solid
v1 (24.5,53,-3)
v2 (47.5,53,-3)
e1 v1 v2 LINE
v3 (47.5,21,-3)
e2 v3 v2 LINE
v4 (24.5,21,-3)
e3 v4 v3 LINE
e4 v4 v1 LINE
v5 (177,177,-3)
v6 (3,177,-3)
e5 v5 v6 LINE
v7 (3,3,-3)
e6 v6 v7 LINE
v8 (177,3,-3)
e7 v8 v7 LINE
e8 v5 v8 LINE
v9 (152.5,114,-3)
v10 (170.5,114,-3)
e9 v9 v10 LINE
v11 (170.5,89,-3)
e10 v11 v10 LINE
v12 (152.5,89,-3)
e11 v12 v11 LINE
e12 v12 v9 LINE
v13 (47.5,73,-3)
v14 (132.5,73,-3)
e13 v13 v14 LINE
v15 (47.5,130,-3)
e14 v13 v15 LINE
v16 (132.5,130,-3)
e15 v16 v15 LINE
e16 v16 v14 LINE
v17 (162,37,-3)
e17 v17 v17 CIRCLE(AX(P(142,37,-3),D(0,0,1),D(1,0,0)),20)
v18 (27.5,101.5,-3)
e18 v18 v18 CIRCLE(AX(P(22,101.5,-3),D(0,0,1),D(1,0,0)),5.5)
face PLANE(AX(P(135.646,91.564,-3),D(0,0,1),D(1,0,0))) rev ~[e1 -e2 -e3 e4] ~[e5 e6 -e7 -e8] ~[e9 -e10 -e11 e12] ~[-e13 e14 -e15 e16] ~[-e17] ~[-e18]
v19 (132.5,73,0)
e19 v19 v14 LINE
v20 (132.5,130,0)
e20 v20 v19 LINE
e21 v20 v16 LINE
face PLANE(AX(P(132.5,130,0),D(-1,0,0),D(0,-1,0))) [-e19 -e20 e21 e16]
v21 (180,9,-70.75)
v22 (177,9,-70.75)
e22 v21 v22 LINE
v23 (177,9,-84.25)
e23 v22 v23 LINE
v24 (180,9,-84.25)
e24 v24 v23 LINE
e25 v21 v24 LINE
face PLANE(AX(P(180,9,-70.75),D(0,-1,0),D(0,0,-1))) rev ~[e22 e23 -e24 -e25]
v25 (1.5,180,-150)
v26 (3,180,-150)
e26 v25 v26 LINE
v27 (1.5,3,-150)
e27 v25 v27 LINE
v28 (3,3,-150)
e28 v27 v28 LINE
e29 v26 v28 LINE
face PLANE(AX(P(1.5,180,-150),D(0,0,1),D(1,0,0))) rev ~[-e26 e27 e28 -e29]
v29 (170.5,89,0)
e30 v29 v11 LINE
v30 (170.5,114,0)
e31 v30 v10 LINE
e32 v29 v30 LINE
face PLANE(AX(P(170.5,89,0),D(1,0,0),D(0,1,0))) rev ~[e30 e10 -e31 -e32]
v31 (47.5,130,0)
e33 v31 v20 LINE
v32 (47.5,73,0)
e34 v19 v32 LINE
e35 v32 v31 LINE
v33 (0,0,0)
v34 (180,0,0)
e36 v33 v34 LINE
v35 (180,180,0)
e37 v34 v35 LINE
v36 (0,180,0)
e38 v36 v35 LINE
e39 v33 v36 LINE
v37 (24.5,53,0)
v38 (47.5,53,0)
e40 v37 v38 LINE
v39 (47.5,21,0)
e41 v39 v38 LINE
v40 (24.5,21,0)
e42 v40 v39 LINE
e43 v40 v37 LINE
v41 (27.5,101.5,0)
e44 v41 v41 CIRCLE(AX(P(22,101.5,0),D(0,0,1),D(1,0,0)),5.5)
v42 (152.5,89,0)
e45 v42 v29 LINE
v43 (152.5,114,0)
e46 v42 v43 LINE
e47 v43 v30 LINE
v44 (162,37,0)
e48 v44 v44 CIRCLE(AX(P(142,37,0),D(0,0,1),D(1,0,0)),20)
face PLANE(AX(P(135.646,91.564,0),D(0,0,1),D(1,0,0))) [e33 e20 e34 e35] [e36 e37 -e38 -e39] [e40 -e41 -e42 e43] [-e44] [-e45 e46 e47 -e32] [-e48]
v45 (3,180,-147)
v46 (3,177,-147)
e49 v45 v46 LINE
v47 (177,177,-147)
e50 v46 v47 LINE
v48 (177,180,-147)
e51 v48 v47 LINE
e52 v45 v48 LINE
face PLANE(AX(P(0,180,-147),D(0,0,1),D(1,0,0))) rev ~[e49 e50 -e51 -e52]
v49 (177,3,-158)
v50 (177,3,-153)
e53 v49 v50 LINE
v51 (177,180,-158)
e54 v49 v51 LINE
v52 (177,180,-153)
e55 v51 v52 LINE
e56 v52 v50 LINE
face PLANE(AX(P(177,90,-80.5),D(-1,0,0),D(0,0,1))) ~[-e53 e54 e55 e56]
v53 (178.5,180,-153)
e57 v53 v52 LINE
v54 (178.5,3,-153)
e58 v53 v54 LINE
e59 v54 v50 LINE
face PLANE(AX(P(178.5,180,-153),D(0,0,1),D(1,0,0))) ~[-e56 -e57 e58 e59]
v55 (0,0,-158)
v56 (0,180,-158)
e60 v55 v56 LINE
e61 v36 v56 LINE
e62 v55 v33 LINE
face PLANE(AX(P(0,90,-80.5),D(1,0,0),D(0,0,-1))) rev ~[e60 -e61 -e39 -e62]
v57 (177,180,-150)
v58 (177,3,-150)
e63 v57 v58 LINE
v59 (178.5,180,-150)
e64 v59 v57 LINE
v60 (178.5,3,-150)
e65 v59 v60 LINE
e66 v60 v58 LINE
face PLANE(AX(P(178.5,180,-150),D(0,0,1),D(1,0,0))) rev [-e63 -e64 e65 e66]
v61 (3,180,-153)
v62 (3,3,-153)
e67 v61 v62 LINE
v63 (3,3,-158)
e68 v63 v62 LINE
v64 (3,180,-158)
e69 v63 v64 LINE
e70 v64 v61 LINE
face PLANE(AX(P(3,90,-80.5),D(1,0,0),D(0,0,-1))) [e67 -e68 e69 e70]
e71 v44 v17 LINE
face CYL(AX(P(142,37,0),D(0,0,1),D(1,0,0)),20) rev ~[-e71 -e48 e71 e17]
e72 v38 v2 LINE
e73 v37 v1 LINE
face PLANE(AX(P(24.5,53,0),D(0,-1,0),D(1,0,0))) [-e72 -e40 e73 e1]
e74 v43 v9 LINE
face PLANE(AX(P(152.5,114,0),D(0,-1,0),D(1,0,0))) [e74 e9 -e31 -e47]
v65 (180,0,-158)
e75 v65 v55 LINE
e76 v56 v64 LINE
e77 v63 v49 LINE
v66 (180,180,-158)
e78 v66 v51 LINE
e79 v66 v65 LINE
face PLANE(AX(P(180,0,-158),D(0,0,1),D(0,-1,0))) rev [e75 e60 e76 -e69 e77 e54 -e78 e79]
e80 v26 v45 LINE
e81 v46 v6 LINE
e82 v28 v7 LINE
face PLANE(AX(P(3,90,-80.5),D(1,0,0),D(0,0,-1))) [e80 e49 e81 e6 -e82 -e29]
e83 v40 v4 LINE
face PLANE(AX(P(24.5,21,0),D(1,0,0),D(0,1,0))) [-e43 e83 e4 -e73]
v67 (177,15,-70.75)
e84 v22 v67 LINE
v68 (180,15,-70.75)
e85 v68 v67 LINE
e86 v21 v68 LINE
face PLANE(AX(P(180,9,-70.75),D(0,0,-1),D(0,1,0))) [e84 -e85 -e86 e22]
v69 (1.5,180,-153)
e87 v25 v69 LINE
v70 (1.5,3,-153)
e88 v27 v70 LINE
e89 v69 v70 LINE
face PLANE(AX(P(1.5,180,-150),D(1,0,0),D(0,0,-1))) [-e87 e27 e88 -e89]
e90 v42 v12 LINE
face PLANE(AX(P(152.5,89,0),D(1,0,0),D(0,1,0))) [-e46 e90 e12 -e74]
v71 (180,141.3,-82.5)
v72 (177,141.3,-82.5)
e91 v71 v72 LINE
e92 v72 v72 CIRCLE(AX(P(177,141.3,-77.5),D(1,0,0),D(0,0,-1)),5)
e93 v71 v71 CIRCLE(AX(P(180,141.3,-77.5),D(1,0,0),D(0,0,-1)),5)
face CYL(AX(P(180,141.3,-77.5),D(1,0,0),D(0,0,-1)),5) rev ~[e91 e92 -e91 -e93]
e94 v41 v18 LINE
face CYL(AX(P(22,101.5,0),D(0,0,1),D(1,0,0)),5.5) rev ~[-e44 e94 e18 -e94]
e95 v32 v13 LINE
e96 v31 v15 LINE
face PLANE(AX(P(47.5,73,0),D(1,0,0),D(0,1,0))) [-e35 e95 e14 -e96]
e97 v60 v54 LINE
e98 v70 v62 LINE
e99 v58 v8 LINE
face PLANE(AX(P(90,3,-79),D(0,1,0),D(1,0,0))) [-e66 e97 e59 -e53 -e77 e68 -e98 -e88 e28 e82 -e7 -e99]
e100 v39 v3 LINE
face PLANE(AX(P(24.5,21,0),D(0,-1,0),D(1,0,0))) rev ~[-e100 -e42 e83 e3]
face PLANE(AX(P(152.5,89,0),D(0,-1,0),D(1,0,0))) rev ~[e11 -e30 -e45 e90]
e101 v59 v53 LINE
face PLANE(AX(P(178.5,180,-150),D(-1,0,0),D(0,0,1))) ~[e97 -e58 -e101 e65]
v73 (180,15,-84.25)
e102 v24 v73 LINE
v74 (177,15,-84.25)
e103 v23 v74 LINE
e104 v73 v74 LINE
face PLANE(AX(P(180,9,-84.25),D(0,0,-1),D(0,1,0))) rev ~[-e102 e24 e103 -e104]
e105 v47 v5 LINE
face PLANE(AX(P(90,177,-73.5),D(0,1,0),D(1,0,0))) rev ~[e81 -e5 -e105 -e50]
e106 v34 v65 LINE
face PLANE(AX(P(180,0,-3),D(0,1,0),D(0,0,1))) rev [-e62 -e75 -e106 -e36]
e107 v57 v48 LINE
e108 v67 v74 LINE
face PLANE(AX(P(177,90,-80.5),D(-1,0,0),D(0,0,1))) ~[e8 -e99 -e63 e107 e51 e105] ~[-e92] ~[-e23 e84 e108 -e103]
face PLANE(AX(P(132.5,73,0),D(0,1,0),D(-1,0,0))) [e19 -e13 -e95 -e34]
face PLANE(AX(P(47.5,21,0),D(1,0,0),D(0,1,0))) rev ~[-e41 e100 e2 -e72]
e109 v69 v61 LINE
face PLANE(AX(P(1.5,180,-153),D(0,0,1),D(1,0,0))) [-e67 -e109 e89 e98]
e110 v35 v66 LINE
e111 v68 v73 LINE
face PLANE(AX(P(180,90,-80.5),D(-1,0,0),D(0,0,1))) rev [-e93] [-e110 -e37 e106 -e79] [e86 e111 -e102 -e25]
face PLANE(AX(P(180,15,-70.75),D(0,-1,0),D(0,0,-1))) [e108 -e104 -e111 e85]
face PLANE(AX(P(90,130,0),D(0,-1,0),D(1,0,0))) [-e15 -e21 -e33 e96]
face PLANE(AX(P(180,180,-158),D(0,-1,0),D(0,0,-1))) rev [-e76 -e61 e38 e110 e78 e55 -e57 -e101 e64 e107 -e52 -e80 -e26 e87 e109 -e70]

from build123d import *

# Parameters (mm, degrees)
SKETCH2_W           = 23
SKETCH2_H           = 32
SKETCH2_R           = 5.5
SKETCH2_R_2         = 20
SKETCH2_W_2         = 18
SKETCH2_H_2         = 25
BOSS_EXTRUDE1_DEPTH = 3
BOSS_EXTRUDE2_DEPTH = 3
SKETCH4_W           = 180
SKETCH4_H           = 158
BOSS_EXTRUDE3_DEPTH = 3
SKETCH6_W           = 1.5
SKETCH6_H           = 3
CUT_EXTRUDE4_DEPTH  = 177
SKETCH8_W           = 180
SKETCH8_H           = 147
BOSS_EXTRUDE5_DEPTH = 3
SKETCH9_R           = 5
SKETCH9_W           = 13.5
SKETCH9_H           = 6
CUT_EXTRUDE5_DEPTH  = 10


with BuildPart() as part:
    # Sketch2 → Boss-Extrude1 (new body)
    # profile 1 of 2: a face of its own
    with BuildSketch(Plane.XY):
        Polygon((90, 180), (0, 180), (0, 130), (0, 0), (90, 0), (90, 73), (47.5, 73), (47.5, 130), (90, 130), align=None)
        with Locations((36, 37)):
            Rectangle(SKETCH2_W, SKETCH2_H, mode=Mode.SUBTRACT)
        with Locations((22, 101.5)):
            Circle(SKETCH2_R, mode=Mode.SUBTRACT)
    # profile 2 of 2: a face of its own
    with BuildSketch(Plane.XY):
        Polygon((180, 180), (90, 180), (90, 130), (132.5, 130), (132.5, 73), (90, 73), (90, 0), (180, 0), align=None)
        with Locations((142, 37)):
            Circle(SKETCH2_R_2, mode=Mode.SUBTRACT)
        with Locations((161.5, 101.5)):
            Rectangle(SKETCH2_W_2, SKETCH2_H_2, mode=Mode.SUBTRACT)
    extrude(amount=-BOSS_EXTRUDE1_DEPTH)

    # Sketch3 → Boss-Extrude2 (add)
    with BuildSketch(Plane(origin=(0, 0, 0), x_dir=(0, 0, -1), z_dir=(1, 0, 0))):
        Polygon((158, 180), (3, 180), (3, 90), (3, 0), (50, 0), (158, 0), align=None)
    boss_extrude2 = extrude(amount=BOSS_EXTRUDE2_DEPTH)

    # Mirror1: Boss-Extrude2 across plane
    add(boss_extrude2.mirror(Plane(origin=(90, 0, 0), x_dir=(0, 0, 1), z_dir=(1, 0, 0))))

    # Sketch4 → Boss-Extrude3 (add)
    with BuildSketch(Plane(origin=(0, 0, 0), x_dir=(1, 0, 0), z_dir=(0, 1, 0))):
        with Locations((90, 79)):
            Rectangle(SKETCH4_W, SKETCH4_H)
    extrude(amount=BOSS_EXTRUDE3_DEPTH)

    # Sketch6 → Cut-Extrude4 (cut)
    with BuildSketch(Plane(origin=(0, 180, 0), x_dir=(1, 0, 0), z_dir=(0, 1, 0))):
        with Locations((2.25, 151.5)):
            Rectangle(SKETCH6_W, SKETCH6_H)
    cut_extrude4 = extrude(amount=-CUT_EXTRUDE4_DEPTH, mode=Mode.SUBTRACT)

    # Mirror2: Cut-Extrude4 across plane
    add(cut_extrude4.mirror(Plane(origin=(90, 0, 0), x_dir=(0, 0, 1), z_dir=(1, 0, 0))), mode=Mode.SUBTRACT)

    # Sketch8 → Boss-Extrude5 (add)
    with BuildSketch(Plane(origin=(0, 180, 0), x_dir=(1, 0, 0), z_dir=(0, 1, 0))):
        with Locations((90, 73.5)):
            Rectangle(SKETCH8_W, SKETCH8_H)
    extrude(amount=-BOSS_EXTRUDE5_DEPTH)

    # Sketch9 → Cut-Extrude5 (cut)
    with BuildSketch(Plane(origin=(180, 0, 0), x_dir=(0, 0, -1), z_dir=(1, 0, 0))):
        with Locations((77.5, 141.3)):
            Circle(SKETCH9_R)
        with Locations((77.5, 12)):
            Rectangle(SKETCH9_W, SKETCH9_H)
    extrude(amount=-CUT_EXTRUDE5_DEPTH, mode=Mode.SUBTRACT)


solid = part.part
